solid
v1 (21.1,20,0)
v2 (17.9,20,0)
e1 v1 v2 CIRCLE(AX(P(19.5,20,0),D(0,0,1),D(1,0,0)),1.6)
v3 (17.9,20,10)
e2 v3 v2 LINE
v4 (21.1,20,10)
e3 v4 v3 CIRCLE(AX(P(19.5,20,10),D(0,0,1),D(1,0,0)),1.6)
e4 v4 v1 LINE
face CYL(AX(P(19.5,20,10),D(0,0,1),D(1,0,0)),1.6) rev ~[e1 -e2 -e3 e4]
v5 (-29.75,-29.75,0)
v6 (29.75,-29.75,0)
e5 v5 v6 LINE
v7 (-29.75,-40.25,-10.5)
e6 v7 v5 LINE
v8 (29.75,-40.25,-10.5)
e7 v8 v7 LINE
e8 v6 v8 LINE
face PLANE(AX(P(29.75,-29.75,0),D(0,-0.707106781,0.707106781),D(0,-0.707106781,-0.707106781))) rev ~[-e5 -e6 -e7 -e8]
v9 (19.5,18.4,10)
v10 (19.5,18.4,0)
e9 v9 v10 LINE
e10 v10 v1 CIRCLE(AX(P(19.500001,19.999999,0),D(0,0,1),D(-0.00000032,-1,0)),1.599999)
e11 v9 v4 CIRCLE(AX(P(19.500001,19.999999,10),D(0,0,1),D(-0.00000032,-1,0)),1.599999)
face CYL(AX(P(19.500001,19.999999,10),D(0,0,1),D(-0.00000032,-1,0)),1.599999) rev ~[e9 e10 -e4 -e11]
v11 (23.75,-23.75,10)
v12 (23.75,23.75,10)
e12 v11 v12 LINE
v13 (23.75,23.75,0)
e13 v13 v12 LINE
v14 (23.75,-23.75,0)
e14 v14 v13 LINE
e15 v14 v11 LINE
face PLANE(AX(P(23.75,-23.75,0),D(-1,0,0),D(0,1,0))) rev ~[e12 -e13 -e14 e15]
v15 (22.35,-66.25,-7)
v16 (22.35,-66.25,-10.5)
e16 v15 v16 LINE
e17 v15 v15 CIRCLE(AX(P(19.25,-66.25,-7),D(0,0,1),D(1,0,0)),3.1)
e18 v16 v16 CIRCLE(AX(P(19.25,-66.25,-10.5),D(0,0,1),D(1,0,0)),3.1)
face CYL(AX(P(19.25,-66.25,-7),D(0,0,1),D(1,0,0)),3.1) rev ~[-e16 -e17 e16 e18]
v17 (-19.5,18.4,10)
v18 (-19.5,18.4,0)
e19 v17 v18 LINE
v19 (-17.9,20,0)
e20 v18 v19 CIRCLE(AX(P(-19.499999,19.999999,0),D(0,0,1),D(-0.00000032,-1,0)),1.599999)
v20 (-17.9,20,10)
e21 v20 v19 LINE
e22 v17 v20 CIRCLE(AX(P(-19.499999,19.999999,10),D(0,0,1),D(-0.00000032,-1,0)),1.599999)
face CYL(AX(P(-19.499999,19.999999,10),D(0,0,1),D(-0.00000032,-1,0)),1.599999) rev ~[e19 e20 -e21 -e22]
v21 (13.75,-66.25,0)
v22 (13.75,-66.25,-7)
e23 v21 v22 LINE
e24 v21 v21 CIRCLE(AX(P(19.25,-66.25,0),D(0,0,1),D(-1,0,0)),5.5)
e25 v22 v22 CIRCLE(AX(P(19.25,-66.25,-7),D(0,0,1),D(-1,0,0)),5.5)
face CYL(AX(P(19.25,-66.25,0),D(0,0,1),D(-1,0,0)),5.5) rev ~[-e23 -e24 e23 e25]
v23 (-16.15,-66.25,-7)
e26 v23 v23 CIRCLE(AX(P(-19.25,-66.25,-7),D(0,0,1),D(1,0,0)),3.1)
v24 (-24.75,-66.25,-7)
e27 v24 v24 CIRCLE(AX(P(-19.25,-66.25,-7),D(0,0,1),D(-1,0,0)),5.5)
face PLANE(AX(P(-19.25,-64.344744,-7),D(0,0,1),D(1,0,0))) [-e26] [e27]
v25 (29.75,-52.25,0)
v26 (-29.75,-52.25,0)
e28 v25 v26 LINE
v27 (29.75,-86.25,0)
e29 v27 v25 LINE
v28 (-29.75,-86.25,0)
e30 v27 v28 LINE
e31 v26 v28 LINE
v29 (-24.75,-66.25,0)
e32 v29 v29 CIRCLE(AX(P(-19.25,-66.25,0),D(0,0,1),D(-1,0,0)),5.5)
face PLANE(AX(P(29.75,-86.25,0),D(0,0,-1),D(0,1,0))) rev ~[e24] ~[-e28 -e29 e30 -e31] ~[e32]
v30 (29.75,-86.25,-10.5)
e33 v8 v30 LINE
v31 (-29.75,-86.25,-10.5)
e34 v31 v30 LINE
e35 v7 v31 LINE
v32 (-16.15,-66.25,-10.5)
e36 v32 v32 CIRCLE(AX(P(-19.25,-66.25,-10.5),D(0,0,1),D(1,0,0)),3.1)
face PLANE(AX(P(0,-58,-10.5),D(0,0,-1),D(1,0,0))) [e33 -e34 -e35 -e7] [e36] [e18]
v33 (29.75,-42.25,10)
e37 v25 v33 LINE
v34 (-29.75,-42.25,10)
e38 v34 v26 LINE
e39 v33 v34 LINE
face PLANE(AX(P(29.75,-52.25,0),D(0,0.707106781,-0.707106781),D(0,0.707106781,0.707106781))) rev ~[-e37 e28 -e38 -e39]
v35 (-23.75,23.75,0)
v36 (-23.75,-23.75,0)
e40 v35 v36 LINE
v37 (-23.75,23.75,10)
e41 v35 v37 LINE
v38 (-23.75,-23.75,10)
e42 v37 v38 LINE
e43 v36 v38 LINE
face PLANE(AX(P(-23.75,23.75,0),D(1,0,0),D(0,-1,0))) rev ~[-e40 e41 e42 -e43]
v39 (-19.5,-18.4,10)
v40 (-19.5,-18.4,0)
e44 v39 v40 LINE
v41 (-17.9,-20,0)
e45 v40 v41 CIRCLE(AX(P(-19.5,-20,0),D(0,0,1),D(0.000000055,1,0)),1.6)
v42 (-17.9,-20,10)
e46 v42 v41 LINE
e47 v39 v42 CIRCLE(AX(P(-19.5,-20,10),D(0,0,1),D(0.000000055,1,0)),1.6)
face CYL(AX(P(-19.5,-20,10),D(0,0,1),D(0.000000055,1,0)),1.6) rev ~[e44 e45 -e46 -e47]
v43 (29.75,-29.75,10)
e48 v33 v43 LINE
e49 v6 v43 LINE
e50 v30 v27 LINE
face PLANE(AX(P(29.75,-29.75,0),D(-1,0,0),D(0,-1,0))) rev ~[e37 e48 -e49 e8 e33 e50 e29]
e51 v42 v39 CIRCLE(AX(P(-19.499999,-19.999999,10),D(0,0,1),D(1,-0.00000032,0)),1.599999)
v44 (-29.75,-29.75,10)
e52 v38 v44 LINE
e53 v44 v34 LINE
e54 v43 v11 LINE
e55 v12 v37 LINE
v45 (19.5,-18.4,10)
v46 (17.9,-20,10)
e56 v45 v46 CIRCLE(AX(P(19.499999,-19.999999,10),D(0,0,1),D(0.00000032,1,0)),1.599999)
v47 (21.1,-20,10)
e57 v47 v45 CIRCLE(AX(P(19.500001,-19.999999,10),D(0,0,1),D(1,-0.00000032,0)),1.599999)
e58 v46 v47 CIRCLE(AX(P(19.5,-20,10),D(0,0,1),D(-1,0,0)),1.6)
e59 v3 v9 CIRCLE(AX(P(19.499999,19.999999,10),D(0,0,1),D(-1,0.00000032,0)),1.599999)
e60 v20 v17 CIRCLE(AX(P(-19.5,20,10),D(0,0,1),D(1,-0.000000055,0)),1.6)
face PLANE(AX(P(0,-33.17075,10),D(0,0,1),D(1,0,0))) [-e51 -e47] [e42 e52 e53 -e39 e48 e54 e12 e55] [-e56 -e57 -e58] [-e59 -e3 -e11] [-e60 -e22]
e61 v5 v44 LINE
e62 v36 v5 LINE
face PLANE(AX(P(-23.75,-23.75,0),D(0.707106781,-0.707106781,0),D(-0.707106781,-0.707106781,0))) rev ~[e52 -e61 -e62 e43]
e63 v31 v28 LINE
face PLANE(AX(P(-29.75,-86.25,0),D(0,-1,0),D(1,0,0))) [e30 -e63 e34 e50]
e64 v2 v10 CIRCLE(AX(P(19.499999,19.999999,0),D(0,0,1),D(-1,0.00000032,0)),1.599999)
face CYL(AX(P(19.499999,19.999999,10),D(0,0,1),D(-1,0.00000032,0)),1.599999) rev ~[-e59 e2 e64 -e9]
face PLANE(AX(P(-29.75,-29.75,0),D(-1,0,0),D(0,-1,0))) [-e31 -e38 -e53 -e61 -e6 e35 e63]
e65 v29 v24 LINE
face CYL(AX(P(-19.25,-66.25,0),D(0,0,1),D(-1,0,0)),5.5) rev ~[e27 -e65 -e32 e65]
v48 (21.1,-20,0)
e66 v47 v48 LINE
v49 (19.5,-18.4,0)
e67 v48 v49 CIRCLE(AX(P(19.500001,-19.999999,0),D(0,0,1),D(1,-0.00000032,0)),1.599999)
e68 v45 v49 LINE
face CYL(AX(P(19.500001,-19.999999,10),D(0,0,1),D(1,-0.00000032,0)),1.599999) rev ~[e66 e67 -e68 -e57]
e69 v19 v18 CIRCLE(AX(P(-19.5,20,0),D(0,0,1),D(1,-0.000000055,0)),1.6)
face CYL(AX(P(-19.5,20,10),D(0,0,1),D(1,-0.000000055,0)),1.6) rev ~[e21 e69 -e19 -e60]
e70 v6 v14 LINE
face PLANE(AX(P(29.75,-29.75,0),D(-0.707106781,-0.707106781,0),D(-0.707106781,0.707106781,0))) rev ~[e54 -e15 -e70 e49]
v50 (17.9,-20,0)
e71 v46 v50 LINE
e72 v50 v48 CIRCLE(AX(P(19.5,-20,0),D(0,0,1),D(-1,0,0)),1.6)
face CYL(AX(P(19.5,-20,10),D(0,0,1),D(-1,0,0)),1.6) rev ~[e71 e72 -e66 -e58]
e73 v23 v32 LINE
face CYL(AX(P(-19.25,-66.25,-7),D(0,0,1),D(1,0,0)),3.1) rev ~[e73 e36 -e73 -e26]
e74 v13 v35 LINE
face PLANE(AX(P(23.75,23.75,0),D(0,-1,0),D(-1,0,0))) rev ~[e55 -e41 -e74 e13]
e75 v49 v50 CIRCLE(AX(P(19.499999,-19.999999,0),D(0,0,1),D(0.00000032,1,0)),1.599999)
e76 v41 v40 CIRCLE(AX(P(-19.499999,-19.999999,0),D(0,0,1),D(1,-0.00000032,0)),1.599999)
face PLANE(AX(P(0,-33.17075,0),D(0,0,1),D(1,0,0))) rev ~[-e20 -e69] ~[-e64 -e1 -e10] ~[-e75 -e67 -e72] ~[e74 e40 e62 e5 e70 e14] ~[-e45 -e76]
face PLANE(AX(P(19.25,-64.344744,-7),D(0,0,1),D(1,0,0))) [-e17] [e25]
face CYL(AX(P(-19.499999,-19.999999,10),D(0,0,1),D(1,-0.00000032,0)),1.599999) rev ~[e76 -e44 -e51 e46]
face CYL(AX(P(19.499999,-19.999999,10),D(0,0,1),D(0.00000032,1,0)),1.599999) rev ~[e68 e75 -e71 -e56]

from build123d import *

# Parameters (mm, degrees)
F1_DEPTH  = 10
F2_W      = 59.5
F2_H      = 56.5
F3_DEPTH  = 10.5
F5_DEPTH  = 59.501
F7_DEPTH  = 7
F8_R      = 3.1
F9_DEPTH  = 3.5
F10_R     = 3.1
F11_DEPTH = 3.5
F13_DEPTH = 10


with BuildPart() as f1:
    # F0 (on Top) → F1 (new body)
    with BuildSketch(Plane.XY):
        Polygon((23.75, -23.75), (23.75, 23.75), (-23.75, 23.75), (-23.75, -23.75), (-29.75, -29.75), (-29.75, -86.25), (29.75, -86.25), (29.75, -29.75), align=None)
    extrude(amount=F1_DEPTH)

    # F2 (on face) → F3 (join)
    with BuildSketch(Plane(origin=(0, 0, 0), x_dir=(1, 0, 0), z_dir=(0, 0, -1))):
        with Locations((0, 58)):
            Rectangle(F2_W, F2_H)
    extrude(amount=F3_DEPTH)

    # F4 (on face) → F5 (cut, through all)
    with BuildSketch(Plane.YZ.offset(29.75)):
        Polygon((-52.25, 0), (-42.25, 10), (-86.25, 10), (-86.25, 0), align=None)
        Polygon((-29.75, -10.5), (-29.75, 0), (-40.25, -10.5), align=None)
    extrude(amount=-F5_DEPTH, mode=Mode.SUBTRACT)

    # F6 (on face) → F7 (cut)
    with BuildSketch(Plane.XY):
        with BuildLine():
            ThreePointArc((-13.75, -66.25), (-19.25, -60.75), (-24.75, -66.25))
            Line((-24.75, -66.25), (-13.75, -66.25))
        make_face()
        with BuildLine():
            ThreePointArc((24.75, -66.25), (19.25, -60.75), (13.75, -66.25))
            Line((13.75, -66.25), (24.75, -66.25))
        make_face()
        with BuildLine():
            Line((24.75, -66.25), (13.75, -66.25))
            ThreePointArc((13.75, -66.25), (19.25, -71.75), (24.75, -66.25))
        make_face()
        with BuildLine():
            Line((-13.75, -66.25), (-24.75, -66.25))
            ThreePointArc((-24.75, -66.25), (-19.25, -71.75), (-13.75, -66.25))
        make_face()
    extrude(amount=-F7_DEPTH, mode=Mode.SUBTRACT)

    # F8 (on face) → F9 (cut, through all)
    with BuildSketch(Plane.XY.offset(-7)):
        with Locations((19.25, -66.25)):
            Circle(F8_R)
    extrude(amount=-F9_DEPTH, mode=Mode.SUBTRACT)

    # F10 (on face) → F11 (cut, through all)
    with BuildSketch(Plane.XY.offset(-7)):
        with Locations((-19.25, -66.25)):
            Circle(F10_R)
    extrude(amount=-F11_DEPTH, mode=Mode.SUBTRACT)

    # F12 (on face) → F13 (cut, through all)
    with BuildSketch(Plane.XY.offset(10)):
        with BuildLine():
            Line((-19.5, 18.4), (-19.5, 20))
            Line((-19.5, 20), (-17.9, 20))
            ThreePointArc((-17.9, 20), (-20.631371, 21.131371), (-19.5, 18.4))
        make_face()
        with BuildLine():
            Line((-17.9, 20), (-19.5, 20))
            Line((-19.5, 20), (-19.5, 18.4))
            ThreePointArc((-19.5, 18.4), (-18.368629, 18.868629), (-17.9, 20))
        make_face()
        with BuildLine():
            Line((19.5, 20), (17.9, 20))
            ThreePointArc((17.9, 20), (18.368629, 18.868629), (19.5, 18.4))
            Line((19.5, 18.4), (19.5, 20))
        make_face()
        with BuildLine():
            ThreePointArc((21.1, 20), (19.5, 21.6), (17.9, 20))
            Line((17.9, 20), (19.5, 20))
            Line((19.5, 20), (19.5, 18.4))
            ThreePointArc((19.5, 18.4), (20.631371, 18.868629), (21.1, 20))
        make_face()
        with BuildLine():
            ThreePointArc((-17.9, -20), (-18.368629, -18.868629), (-19.5, -18.4))
            Line((-19.5, -18.4), (-19.5, -20))
            Line((-19.5, -20), (-17.9, -20))
        make_face()
        with BuildLine():
            Line((-19.5, -20), (-19.5, -18.4))
            ThreePointArc((-19.5, -18.4), (-20.631371, -21.131371), (-17.9, -20))
            Line((-17.9, -20), (-19.5, -20))
        make_face()
        with BuildLine():
            Line((19.5, -20), (19.5, -18.4))
            ThreePointArc((19.5, -18.4), (18.368629, -18.868629), (17.9, -20))
            Line((17.9, -20), (19.5, -20))
        make_face()
        with BuildLine():
            ThreePointArc((21.1, -20), (20.631371, -18.868629), (19.5, -18.4))
            Line((19.5, -18.4), (19.5, -20))
            Line((19.5, -20), (17.9, -20))
            ThreePointArc((17.9, -20), (19.5, -21.6), (21.1, -20))
        make_face()
    extrude(amount=-F13_DEPTH, mode=Mode.SUBTRACT)


solid = f1.part
